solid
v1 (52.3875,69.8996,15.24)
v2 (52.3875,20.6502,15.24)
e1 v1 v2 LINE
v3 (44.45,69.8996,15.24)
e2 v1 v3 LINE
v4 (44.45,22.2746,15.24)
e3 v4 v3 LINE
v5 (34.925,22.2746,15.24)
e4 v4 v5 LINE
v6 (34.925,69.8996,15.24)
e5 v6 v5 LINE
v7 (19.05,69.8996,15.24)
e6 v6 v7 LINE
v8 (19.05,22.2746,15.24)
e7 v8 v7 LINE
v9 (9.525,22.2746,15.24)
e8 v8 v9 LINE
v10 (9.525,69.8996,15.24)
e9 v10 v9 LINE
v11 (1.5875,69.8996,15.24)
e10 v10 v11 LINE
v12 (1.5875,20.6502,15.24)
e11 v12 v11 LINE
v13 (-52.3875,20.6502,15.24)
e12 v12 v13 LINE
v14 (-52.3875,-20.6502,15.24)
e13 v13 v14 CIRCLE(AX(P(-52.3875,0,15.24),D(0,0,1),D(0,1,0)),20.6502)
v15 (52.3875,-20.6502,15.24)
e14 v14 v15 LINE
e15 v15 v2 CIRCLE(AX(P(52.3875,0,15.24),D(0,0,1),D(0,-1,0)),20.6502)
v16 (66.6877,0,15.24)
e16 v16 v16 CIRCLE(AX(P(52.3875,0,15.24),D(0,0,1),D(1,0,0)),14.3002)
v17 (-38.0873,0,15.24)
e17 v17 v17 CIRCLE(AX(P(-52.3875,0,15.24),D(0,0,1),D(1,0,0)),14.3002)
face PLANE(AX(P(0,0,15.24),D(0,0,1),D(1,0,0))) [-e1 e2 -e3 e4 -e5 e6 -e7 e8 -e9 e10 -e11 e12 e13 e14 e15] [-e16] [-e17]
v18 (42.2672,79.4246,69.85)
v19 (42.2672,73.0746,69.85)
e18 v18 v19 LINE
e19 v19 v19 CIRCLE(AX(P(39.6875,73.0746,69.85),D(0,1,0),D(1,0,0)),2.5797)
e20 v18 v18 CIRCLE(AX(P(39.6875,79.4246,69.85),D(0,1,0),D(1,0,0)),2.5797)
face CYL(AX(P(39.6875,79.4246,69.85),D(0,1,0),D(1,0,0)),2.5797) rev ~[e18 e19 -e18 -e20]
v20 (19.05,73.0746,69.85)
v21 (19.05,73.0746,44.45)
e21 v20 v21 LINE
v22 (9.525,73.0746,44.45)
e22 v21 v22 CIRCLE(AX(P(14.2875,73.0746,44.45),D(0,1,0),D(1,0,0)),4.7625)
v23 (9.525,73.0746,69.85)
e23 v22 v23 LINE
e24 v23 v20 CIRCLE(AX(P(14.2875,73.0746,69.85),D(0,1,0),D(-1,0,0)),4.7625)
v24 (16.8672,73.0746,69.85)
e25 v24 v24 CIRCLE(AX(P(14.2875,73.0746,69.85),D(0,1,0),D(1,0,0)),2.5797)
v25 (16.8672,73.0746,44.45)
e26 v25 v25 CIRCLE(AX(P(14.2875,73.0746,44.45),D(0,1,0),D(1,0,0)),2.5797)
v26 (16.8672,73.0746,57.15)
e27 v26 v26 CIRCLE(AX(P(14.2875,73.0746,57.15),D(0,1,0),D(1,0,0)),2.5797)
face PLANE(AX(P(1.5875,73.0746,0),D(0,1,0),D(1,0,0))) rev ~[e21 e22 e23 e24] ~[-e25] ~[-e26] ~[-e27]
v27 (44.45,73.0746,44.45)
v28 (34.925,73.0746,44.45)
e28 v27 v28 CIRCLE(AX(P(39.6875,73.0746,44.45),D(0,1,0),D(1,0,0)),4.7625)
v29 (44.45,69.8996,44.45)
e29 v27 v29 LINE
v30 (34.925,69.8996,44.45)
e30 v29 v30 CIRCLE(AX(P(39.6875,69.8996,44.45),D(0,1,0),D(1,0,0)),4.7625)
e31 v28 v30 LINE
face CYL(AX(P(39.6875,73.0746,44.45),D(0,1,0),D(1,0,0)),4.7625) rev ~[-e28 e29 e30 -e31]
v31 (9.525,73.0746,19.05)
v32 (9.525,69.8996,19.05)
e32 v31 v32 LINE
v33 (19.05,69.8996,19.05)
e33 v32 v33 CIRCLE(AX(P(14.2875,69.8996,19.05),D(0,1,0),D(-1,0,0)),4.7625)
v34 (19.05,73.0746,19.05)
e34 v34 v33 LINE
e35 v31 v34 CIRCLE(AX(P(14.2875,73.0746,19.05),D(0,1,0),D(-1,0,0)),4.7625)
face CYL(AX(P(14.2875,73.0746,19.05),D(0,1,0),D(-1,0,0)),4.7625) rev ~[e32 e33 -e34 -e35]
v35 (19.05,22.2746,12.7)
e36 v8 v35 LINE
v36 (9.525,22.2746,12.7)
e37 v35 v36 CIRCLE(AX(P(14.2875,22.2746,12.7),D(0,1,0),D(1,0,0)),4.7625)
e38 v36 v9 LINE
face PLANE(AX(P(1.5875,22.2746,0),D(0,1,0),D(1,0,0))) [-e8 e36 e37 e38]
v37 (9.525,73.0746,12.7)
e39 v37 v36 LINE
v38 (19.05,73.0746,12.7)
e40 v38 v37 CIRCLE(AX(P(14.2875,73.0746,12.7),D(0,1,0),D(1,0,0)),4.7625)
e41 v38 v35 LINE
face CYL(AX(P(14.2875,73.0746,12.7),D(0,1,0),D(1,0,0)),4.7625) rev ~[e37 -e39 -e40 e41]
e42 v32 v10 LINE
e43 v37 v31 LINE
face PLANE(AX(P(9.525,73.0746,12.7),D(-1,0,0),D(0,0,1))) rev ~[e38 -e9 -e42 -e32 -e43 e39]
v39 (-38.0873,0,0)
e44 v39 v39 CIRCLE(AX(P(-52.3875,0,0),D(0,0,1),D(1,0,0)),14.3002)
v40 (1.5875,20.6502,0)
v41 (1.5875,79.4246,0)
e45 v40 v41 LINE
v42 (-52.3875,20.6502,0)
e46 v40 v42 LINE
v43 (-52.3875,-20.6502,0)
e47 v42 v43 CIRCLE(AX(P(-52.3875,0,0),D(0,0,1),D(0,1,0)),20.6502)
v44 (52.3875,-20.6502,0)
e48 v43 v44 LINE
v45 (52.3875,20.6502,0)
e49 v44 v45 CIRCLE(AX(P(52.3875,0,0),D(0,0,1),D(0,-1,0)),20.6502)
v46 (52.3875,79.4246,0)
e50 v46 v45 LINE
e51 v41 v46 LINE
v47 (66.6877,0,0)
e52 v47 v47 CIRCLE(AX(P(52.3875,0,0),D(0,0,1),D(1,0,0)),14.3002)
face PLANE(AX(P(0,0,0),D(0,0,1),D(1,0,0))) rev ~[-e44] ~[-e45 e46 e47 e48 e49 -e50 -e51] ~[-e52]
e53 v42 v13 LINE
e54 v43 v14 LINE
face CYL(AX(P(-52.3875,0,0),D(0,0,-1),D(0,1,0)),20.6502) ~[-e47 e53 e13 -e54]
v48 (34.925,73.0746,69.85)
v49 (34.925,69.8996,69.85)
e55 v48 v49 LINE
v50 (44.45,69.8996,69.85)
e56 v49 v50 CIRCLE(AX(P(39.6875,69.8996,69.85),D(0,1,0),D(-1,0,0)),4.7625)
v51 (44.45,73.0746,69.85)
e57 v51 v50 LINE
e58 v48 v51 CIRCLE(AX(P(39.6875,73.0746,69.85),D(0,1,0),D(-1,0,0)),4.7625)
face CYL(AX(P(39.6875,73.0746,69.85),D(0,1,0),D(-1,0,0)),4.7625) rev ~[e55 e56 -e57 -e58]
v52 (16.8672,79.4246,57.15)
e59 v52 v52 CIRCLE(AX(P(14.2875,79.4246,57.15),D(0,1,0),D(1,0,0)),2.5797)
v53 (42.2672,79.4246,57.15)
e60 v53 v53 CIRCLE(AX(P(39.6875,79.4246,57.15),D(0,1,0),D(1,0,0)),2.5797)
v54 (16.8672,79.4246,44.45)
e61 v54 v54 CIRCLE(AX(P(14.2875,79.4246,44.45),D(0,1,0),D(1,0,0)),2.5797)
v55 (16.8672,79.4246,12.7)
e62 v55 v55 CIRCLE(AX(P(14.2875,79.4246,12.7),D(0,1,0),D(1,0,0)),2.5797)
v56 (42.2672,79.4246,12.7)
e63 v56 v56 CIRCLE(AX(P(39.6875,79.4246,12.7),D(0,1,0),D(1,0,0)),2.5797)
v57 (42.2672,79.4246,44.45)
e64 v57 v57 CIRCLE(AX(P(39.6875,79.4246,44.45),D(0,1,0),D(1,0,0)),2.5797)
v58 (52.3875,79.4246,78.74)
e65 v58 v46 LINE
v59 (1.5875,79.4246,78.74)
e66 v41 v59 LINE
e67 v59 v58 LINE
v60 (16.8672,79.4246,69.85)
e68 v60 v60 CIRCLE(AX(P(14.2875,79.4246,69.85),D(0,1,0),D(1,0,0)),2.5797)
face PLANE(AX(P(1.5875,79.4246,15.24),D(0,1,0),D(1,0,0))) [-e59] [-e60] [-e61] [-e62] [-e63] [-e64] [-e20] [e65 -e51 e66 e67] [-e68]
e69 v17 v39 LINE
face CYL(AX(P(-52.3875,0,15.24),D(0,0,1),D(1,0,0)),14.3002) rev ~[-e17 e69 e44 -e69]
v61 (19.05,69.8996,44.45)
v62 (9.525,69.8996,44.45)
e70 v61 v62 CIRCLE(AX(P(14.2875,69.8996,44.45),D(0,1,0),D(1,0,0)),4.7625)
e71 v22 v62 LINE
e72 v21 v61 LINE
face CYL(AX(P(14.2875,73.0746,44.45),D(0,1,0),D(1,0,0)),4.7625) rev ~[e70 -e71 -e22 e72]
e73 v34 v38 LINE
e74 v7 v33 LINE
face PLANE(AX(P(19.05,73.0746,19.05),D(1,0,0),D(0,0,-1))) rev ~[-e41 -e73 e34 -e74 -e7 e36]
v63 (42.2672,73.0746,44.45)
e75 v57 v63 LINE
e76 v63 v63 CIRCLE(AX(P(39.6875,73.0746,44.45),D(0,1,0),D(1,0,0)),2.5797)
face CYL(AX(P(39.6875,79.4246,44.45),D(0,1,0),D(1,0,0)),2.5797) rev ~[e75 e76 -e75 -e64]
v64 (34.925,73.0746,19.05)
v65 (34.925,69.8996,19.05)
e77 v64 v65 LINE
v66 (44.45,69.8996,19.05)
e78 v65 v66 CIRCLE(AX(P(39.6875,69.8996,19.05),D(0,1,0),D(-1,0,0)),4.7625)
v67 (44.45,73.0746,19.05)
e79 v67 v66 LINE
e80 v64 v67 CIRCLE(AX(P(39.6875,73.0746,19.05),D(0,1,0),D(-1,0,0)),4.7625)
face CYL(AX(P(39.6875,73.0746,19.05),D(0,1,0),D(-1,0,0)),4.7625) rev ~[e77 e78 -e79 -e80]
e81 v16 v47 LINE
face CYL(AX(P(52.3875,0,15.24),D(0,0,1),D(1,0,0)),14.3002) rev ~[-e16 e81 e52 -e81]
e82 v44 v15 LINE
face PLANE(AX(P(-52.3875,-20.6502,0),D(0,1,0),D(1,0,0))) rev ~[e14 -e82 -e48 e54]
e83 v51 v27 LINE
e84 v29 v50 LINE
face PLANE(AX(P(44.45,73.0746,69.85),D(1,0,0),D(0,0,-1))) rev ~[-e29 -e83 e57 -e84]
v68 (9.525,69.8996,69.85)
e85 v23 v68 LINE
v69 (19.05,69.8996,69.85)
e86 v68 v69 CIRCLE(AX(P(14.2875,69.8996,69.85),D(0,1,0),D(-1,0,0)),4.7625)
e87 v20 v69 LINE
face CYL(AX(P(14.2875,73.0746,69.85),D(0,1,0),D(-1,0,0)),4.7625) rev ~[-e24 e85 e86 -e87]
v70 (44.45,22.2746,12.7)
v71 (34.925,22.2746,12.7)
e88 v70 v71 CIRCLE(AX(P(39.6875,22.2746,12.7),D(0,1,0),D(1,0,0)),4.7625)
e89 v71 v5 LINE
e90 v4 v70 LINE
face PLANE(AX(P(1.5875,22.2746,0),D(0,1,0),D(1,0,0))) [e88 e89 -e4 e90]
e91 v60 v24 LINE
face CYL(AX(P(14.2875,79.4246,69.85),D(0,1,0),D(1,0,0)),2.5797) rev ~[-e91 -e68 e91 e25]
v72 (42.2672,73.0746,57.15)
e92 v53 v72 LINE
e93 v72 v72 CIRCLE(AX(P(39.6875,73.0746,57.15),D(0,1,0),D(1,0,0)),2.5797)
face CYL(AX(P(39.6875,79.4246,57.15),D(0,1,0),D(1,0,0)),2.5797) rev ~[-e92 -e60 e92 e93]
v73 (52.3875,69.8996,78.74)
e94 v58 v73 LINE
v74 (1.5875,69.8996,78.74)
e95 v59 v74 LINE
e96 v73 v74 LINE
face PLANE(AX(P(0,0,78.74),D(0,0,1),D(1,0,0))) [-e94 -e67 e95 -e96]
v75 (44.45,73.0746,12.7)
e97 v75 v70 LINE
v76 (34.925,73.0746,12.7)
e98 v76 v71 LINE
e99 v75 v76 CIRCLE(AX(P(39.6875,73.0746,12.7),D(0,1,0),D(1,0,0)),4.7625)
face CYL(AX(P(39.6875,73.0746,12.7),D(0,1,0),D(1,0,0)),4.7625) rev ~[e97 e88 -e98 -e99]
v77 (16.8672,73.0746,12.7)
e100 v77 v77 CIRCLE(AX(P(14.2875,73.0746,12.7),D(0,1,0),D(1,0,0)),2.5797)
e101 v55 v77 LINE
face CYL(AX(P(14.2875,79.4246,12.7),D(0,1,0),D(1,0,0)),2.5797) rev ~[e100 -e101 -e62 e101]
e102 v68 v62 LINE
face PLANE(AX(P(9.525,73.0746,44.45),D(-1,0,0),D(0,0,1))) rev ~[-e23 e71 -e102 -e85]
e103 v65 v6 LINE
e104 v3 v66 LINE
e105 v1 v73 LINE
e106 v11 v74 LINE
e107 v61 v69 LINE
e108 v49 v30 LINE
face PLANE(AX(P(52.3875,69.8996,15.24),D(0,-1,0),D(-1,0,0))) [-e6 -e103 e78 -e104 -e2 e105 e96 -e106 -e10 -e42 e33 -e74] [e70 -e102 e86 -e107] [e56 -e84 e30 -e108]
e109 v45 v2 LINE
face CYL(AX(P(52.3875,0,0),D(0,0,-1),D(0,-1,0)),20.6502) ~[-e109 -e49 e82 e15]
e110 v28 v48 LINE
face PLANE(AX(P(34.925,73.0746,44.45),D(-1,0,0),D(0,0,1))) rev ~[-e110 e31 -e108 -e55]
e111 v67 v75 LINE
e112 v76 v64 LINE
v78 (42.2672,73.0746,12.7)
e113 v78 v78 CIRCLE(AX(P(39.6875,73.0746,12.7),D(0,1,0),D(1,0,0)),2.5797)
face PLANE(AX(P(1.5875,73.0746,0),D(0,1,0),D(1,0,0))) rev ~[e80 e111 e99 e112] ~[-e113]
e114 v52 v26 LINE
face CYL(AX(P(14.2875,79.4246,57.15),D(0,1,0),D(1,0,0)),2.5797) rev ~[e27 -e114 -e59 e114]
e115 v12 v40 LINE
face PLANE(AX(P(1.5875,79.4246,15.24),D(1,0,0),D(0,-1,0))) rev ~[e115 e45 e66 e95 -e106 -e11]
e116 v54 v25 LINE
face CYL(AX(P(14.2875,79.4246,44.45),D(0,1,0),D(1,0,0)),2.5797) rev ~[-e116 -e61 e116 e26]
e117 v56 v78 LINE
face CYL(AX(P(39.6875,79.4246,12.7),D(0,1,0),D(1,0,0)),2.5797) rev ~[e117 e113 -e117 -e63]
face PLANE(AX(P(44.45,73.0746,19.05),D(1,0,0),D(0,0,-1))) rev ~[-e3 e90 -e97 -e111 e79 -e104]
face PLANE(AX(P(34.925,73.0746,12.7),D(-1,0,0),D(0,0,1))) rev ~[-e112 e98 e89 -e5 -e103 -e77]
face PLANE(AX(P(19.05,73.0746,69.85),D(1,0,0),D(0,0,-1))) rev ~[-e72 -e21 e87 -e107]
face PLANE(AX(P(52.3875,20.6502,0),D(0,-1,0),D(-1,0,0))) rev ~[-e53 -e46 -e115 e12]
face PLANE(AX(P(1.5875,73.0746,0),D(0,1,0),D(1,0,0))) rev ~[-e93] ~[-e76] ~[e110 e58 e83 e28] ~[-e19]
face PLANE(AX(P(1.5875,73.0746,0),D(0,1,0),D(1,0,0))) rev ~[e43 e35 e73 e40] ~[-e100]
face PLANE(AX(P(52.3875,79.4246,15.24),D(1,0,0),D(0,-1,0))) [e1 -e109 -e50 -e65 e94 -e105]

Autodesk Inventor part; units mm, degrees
ref_plane "YZ Plane" through (0, 0, 0) normal (1, 0, 0) x (0, 1, 0)
ref_plane "XZ Plane" through (0, 0, 0) normal (0, 1, 0) x (-1, 0, 0)
sketch "Sketch1" plane through (0, 0, 0) normal (0, 0, 1) x (1, 0, 0)
  line L0 (-52.3875, 0) -> (52.3875, 0) construction
  line L1 (-52.3875, -20.6502) -> (52.3875, -20.6502)
  line L2 (52.3875, 20.6502) -> (-52.3875, 20.6502)
  arc A0 (-52.3875, 20.6502) -> (-52.3875, -20.6502) centre (-52.3875, 0) ccw
  arc A1 (52.3875, -20.6502) -> (52.3875, 20.6502) centre (52.3875, 0) ccw
  point P0 (0, 0)
  dimension "d0" = 104.775
  dimension "d1" = 20.6502
extrude "Extrusion1" add sketch "Sketch1" along normal blind 15.24
sketch "Sketch2" plane through (0, 0, 15.24) normal (0, 0, 1) x (1, 0, 0)
  arc A0 (-52.3875, 20.6502) -> (-52.3875, -20.6502) centre (-52.3875, 0) ccw projected
  circle A1 centre (-52.3875, 0) radius 14.3002
  arc A2 (52.3875, -20.6502) -> (52.3875, 20.6502) centre (52.3875, 0) ccw projected
  circle A3 centre (52.3875, 0) radius 14.3002
  point P0 (0, 0)
  dimension "d4" = 28.6004
extrude "Extrusion2" cut sketch "Sketch2" against normal through all
sketch "Sketch3" plane through (0, 0, 15.24) normal (0, 0, 1) x (1, 0, 0)
  line L0 (1.5875, 79.4246) -> (52.3875, 79.4246)
  line L1 (52.3875, 79.4246) -> (52.3875, 20.6502)
  line L2 (52.3875, 20.6502) -> (1.5875, 20.6502)
  line L3 (1.5875, 20.6502) -> (1.5875, 79.4246)
  line L4 (52.3875, 20.6502) -> (-52.3875, 20.6502) projected
  circle A0 centre (26.9875, 101.6496) radius 7.0281
  circle A1 centre (52.3875, 0) radius 14.3002 projected
  point P0 (0, 0)
  point P1 (26.9875, 20.6502)
  point P2 (26.9875, 79.4246)
  dimension "d7" = 50.8
  dimension "d8" = 22.225
  dimension "d9" = 104.775
  dimension "d10" = 79.4246
extrude "Extrusion3" add sketch "Sketch3" against normal up to surface (15.24 mm away) contours L0 L1 L2 L3
sketch "Sketch4" plane through (0, 0, 15.24) normal (0, 0, 1) x (1, 0, 0)
  line L0 (1.5875, 79.4246) -> (1.5875, 20.6502) projected
  line L1 (1.5875, 79.4246) -> (52.3875, 79.4246)
  line L2 (52.3875, 79.4246) -> (52.3875, 69.8996)
  line L3 (52.3875, 69.8996) -> (1.5875, 69.8996)
  line L4 (1.5875, 69.8996) -> (1.5875, 79.4246)
  line L5 (52.3875, 20.6502) -> (52.3875, 79.4246) projected
  point P0 (0, 0)
  point P1 (25.4, 20.6502)
  dimension "d13" = 9.525
extrude "Extrusion4" add sketch "Sketch4" along normal blind 63.5
sketch "Sketch5" plane through (1.5875, 79.4246, 0) normal (0, 1, 0) x (1, 0, 0)
  circle A0 centre (38.1, -12.7) radius 2.5797
  line L0 (0, 0) -> (50.8, 0) projected
  line L1 (50.8, 0) -> (50.8, -78.74) projected
  circle A1 centre (12.7, -12.7) radius 2.5797
  circle A2 centre (38.1, -44.45) radius 2.5797
  circle A3 centre (12.7, -44.45) radius 2.5797
  circle A4 centre (38.1, -57.15) radius 2.5797
  circle A5 centre (12.7, -57.15) radius 2.5797
  circle A6 centre (38.1, -69.85) radius 2.5797
  circle A7 centre (12.7, -69.85) radius 2.5797
  line L2 (25.4, 0) -> (25.4, -6.0461)
  dimension "d17" = 5.1594
  dimension "d18" = 12.7
  dimension "d21" = 25.4
  dimension "d24" = 31.75
  dimension "d29" = 12.7
  dimension "d51" = 12.7
extrude "Extrusion5" cut sketch "Sketch5" against normal blind 50.8
ref_plane "Work Plane1" through (1.5875, 73.0746, 0) normal (0, 1, 0) x (1, 0, 0)
sketch "Sketch6" plane through (1.5875, 73.0746, 0) normal (0, 1, 0) x (1, 0, 0)
  line L0 (-53.975, 0) -> (50.8, 0) projected
  line L1 (50.8, -15.24) -> (50.8, -78.74) projected
  line L2 (38.1, -12.7) -> (38.1, -19.05) construction
  line L3 (33.3375, -12.7) -> (33.3375, -19.05)
  line L4 (42.8625, -19.05) -> (42.8625, -12.7)
  arc A0 (42.8625, -12.7) -> (33.3375, -12.7) centre (38.1, -12.7) ccw
  arc A1 (33.3375, -19.05) -> (42.8625, -19.05) centre (38.1, -19.05) ccw
  line L5 (12.7, -12.7) -> (12.7, -19.05) construction
  line L6 (7.9375, -12.7) -> (7.9375, -19.05)
  line L7 (17.4625, -19.05) -> (17.4625, -12.7)
  arc A2 (17.4625, -12.7) -> (7.9375, -12.7) centre (12.7, -12.7) ccw
  arc A3 (7.9375, -19.05) -> (17.4625, -19.05) centre (12.7, -19.05) ccw
  circle A4 centre (38.1, -44.45) radius 2.5797 construction
  circle A5 centre (38.1, -69.85) radius 2.5797 construction
  line L8 (38.1, -44.45) -> (38.1, -69.85) construction
  line L9 (33.3375, -44.45) -> (33.3375, -69.85)
  line L10 (42.8625, -69.85) -> (42.8625, -44.45)
  arc A6 (42.8625, -44.45) -> (33.3375, -44.45) centre (38.1, -44.45) ccw
  arc A7 (33.3375, -69.85) -> (42.8625, -69.85) centre (38.1, -69.85) ccw
  circle A8 centre (12.7, -44.45) radius 2.5797 construction
  circle A9 centre (12.7, -69.85) radius 2.5797 construction
  line L11 (12.7, -44.45) -> (12.7, -69.85) construction
  line L12 (7.9375, -44.45) -> (7.9375, -69.85)
  line L13 (17.4625, -69.85) -> (17.4625, -44.45)
  arc A10 (17.4625, -44.45) -> (7.9375, -44.45) centre (12.7, -44.45) ccw
  arc A11 (7.9375, -69.85) -> (17.4625, -69.85) centre (12.7, -69.85) ccw
  circle A12 centre (38.1, -12.7) radius 2.5797 construction
  circle A13 centre (12.7, -12.7) radius 2.5797 construction
  point P0 (-1.5875, 0)
  point P1 (38.1, -15.875)
  point P2 (12.7, -15.875)
  point P3 (38.1, -57.15)
  point P4 (12.7, -57.15)
  dimension "d47" = 6.35
  dimension "d48" = 4.7625
extrude "Extrusion6" cut sketch "Sketch6" against normal blind 50.8
properties part number "IntakeChainLinkVP"
